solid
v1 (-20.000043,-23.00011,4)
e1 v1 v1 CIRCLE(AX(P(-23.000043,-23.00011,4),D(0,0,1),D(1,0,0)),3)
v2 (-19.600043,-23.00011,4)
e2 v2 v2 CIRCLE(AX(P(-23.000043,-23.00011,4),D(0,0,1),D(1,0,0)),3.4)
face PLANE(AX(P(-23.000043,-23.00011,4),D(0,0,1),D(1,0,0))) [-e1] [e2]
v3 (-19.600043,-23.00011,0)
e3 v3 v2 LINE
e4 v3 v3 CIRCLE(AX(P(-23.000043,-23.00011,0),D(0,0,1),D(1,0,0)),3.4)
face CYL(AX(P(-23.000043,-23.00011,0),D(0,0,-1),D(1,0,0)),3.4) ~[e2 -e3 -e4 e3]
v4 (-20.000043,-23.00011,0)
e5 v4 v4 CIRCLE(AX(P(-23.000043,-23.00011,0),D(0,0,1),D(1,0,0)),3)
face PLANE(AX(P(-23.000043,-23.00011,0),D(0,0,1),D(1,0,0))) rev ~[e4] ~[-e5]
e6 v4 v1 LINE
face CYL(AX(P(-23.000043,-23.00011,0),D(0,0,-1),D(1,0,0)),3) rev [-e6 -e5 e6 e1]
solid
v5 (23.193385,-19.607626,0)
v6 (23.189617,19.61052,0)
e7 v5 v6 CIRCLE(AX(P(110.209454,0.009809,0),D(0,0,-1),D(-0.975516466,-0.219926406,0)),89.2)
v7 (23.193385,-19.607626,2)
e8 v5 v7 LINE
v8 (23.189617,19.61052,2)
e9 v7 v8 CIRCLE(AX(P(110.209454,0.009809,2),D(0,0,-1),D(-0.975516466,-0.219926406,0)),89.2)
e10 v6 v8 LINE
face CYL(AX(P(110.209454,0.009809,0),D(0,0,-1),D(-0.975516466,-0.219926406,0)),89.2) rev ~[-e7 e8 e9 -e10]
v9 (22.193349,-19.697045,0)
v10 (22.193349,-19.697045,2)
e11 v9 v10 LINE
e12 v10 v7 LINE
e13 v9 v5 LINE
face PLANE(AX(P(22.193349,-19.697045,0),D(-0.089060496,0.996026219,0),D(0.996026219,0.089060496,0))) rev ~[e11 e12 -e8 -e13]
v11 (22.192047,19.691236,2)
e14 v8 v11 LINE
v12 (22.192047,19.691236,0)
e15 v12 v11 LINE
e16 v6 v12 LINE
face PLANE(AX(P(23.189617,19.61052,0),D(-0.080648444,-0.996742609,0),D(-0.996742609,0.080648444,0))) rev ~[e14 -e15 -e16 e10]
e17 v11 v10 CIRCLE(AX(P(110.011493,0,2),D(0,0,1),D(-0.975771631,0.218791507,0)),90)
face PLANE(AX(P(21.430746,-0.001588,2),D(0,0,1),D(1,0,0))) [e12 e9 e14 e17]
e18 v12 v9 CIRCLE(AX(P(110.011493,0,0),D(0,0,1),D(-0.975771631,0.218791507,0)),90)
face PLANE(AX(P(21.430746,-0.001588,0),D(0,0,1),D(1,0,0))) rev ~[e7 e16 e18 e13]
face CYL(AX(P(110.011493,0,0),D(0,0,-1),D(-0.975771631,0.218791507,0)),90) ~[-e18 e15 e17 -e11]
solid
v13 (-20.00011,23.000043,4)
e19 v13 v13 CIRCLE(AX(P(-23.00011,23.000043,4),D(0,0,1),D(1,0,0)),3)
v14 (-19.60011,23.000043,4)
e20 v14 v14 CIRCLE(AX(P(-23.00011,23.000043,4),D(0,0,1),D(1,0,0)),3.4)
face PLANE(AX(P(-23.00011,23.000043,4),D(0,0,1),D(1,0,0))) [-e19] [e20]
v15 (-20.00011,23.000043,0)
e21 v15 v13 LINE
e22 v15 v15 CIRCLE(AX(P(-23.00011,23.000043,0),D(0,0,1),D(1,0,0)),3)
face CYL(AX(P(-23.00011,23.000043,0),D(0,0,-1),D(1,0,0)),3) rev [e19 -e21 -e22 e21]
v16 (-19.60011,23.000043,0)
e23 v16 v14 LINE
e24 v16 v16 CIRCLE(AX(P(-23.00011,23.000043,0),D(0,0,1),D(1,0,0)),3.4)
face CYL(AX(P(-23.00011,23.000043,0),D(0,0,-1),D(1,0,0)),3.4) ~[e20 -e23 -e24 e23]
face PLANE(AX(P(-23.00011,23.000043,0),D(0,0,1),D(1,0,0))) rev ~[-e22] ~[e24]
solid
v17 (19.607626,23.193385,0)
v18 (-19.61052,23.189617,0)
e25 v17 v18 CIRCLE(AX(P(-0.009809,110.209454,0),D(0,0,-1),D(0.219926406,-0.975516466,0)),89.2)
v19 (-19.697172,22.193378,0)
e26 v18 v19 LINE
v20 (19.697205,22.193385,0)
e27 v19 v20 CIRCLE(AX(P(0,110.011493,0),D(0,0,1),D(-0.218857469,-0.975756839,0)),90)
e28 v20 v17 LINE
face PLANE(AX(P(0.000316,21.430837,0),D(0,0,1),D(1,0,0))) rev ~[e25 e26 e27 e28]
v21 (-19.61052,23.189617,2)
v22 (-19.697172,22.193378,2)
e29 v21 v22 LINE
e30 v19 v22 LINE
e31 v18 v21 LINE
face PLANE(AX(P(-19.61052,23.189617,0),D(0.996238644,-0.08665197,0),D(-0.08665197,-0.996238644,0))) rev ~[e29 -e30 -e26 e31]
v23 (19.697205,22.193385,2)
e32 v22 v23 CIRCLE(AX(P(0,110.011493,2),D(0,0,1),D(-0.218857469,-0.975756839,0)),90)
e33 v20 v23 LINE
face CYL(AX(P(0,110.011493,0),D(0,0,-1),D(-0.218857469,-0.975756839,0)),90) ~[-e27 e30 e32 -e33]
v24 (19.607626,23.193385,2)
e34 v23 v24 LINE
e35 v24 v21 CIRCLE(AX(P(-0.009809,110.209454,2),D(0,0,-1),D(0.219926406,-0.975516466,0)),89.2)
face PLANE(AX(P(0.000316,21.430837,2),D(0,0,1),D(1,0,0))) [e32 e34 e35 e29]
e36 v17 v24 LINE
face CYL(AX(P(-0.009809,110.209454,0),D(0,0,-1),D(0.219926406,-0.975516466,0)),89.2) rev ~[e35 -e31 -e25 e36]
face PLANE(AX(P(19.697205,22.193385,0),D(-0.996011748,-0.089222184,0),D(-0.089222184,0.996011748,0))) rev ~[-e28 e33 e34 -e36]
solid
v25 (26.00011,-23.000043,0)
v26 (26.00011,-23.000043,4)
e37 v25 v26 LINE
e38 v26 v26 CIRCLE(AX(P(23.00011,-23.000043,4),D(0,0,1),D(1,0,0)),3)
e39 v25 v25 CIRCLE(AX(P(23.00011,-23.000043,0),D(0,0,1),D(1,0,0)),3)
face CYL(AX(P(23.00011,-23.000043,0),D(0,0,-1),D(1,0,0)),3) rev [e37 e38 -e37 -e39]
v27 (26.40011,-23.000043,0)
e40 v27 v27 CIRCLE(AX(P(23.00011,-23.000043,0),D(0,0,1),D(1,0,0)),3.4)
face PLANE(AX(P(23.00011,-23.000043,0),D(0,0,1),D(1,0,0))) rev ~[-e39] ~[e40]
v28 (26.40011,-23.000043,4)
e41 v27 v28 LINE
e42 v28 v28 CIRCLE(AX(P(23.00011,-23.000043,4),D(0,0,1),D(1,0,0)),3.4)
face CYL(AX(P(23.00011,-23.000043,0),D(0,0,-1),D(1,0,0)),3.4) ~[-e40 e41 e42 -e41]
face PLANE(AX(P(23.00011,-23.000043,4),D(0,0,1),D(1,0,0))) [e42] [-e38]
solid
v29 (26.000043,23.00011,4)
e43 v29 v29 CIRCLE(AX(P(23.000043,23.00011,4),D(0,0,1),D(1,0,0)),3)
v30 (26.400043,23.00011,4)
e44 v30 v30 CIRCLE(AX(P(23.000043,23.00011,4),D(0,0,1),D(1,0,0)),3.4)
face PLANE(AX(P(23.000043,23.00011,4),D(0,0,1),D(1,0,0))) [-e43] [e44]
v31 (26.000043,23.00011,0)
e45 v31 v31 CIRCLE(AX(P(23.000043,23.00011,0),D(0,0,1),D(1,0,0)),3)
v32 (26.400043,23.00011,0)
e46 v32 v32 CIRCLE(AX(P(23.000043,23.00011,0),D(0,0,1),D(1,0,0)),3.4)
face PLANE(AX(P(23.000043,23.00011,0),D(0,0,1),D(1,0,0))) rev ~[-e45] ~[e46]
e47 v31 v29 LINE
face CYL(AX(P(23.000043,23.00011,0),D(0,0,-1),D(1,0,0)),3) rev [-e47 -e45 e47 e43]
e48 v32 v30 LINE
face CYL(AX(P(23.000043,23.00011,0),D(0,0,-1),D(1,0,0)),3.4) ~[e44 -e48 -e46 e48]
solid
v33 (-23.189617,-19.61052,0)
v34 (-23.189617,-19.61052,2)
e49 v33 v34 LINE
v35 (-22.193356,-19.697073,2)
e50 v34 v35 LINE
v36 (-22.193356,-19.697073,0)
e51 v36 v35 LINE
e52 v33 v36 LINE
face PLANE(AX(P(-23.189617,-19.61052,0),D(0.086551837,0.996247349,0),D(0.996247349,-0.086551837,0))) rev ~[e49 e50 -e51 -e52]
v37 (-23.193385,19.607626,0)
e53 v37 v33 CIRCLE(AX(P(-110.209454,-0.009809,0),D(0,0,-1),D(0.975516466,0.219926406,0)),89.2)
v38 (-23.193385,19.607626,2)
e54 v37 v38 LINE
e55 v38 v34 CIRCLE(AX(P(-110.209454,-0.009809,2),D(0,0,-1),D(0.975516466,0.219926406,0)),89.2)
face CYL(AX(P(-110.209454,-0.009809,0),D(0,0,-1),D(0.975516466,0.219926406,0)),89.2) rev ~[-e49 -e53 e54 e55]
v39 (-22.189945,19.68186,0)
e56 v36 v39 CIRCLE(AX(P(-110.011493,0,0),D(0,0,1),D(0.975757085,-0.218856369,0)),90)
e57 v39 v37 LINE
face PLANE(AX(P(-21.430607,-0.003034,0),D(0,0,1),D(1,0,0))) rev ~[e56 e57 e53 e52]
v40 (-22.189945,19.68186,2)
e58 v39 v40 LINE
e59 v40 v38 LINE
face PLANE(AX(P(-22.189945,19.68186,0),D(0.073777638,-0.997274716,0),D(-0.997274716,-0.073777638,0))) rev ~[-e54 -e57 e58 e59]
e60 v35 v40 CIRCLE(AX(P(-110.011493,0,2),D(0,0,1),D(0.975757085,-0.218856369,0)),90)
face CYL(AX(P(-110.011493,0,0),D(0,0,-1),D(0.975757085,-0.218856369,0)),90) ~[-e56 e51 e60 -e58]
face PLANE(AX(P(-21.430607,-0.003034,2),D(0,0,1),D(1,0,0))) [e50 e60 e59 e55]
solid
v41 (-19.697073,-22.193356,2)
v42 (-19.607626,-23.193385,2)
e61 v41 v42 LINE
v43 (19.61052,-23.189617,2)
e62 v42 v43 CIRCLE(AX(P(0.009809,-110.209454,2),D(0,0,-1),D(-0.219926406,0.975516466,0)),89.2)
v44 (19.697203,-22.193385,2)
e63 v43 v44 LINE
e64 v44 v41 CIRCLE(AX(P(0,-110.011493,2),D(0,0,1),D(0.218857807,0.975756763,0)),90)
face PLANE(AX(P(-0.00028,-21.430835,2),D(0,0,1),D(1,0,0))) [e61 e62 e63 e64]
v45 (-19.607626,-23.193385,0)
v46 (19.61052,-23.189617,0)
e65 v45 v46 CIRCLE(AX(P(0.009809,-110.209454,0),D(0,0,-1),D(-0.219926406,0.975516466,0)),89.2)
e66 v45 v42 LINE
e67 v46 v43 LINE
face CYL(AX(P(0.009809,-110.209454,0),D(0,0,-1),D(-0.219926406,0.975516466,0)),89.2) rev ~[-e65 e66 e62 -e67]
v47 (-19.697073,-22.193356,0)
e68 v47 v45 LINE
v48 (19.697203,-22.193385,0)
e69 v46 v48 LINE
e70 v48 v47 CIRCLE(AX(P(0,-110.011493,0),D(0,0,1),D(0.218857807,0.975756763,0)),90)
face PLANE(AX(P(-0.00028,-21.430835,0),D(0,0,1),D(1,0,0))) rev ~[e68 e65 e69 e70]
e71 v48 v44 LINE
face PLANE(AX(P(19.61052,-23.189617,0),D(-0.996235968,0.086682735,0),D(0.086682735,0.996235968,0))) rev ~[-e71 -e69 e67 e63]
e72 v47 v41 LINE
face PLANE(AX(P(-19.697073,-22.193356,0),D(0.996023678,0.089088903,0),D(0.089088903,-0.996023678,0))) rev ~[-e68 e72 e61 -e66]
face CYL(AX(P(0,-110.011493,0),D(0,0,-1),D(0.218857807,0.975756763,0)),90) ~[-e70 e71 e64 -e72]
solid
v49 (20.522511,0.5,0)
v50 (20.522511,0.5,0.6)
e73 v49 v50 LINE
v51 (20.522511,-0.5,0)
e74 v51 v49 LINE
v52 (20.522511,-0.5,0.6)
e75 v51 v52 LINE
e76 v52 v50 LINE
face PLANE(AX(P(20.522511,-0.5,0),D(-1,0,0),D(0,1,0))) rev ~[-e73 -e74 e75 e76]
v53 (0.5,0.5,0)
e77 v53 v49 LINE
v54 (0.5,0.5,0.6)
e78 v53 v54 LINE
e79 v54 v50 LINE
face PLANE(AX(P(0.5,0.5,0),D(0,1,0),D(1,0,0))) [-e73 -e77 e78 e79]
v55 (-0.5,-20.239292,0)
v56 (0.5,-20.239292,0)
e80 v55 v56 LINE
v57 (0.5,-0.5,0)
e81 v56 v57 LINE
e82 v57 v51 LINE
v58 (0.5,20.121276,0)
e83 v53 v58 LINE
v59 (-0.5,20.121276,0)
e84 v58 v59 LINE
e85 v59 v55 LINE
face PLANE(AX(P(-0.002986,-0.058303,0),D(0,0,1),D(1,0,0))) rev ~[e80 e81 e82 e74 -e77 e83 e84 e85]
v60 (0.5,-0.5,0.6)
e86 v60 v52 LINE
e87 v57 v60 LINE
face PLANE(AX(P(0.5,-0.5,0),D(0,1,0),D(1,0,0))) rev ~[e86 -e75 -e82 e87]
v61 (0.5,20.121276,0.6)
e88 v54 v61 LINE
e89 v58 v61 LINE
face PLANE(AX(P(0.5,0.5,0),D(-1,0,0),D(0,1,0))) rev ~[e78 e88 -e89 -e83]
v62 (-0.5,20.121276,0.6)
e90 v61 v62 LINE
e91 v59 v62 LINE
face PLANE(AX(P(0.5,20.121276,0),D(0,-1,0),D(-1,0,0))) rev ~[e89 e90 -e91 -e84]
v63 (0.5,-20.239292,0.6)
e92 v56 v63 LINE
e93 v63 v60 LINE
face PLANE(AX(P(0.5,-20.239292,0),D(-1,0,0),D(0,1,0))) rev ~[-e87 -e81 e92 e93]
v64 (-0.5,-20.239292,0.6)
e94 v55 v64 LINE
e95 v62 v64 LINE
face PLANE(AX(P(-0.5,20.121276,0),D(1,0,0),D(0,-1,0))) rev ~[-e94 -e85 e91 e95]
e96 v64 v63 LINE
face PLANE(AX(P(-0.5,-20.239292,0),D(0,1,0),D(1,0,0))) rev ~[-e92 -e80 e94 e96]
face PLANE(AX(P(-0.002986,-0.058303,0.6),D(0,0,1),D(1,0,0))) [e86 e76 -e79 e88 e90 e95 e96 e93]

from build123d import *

# Parameters (mm, degrees)
F1_R     = 3.4
F1_R_2   = 3
F2_DEPTH = 4
F3_DEPTH = 2
F4_W     = 20.0225106329
F4_H     = 1
F4_W_2   = 0.5
F5_DEPTH = 0.6


with BuildPart() as f2:
    # F1 (on Top) → F2 (new body)
    with BuildSketch(Plane.XY):
        with Locations((-23.0000428855, -23.0001099408)):
            Circle(F1_R)
        with Locations((-23.0000428855, -23.0001099408)):
            Circle(F1_R_2, mode=Mode.SUBTRACT)
    extrude(amount=F2_DEPTH)


with BuildPart() as f2b:
    # F1 (on Top) → F2, piece 2 (new body)
    with BuildSketch(Plane.XY):
        with Locations((23.0001099408, -23.0000428855)):
            Circle(F1_R)
        with Locations((23.0001099408, -23.0000428855)):
            Circle(F1_R_2, mode=Mode.SUBTRACT)
    extrude(amount=F2_DEPTH)


with BuildPart() as f2c:
    # F1 (on Top) → F2, piece 3 (new body)
    with BuildSketch(Plane.XY):
        with Locations((23.0000428855, 23.0001099408)):
            Circle(F1_R)
        with Locations((23.0000428855, 23.0001099408)):
            Circle(F1_R_2, mode=Mode.SUBTRACT)
    extrude(amount=F2_DEPTH)


with BuildPart() as f2d:
    # F1 (on Top) → F2, piece 4 (new body)
    with BuildSketch(Plane.XY):
        with Locations((-23.0001099408, 23.0000428855)):
            Circle(F1_R)
        with Locations((-23.0001099408, 23.0000428855)):
            Circle(F1_R_2, mode=Mode.SUBTRACT)
    extrude(amount=F2_DEPTH)


with BuildPart() as f3:
    # F0 (on Top) → F3 (new body)
    with BuildSketch(Plane.XY):
        with BuildLine():
            Line((-23.1896166539, -19.6105202347), (-22.1933558134, -19.6970732439))
            ThreePointArc((-22.1933558134, -19.6970732439), (-20.0114938313, -0.0077955563), (-22.1899449169, 19.6818598097))
            Line((-22.1899449169, 19.6818598097), (-23.1933854726, 19.6076260275))
            ThreePointArc((-23.1933854726, 19.6076260275), (-21.0094546656, -0.0012374114), (-23.1896166539, -19.6105202347))
        make_face()
    extrude(amount=F3_DEPTH)


with BuildPart() as f3b:
    # F0 (on Top) → F3, piece 2 (new body)
    with BuildSketch(Plane.XY):
        with BuildLine():
            ThreePointArc((22.1920466744, 19.6912356229), (20.0114935429, -0.0029768646), (22.193349492, -19.69704506))
            Line((22.193349492, -19.69704506), (23.1933854726, -19.6076260275))
            ThreePointArc((23.1933854726, -19.6076260275), (21.0094546656, 0.0012374114), (23.1896166539, 19.6105202347))
            Line((23.1896166539, 19.6105202347), (22.1920466744, 19.6912356229))
        make_face()
    extrude(amount=F3_DEPTH)


with BuildPart() as f3c:
    # F0 (on Top) → F3, piece 3 (new body)
    with BuildSketch(Plane.XY):
        with BuildLine():
            Line((19.6105202347, -23.1896166539), (19.6972026091, -22.1933848294))
            ThreePointArc((19.6972026091, -22.1933848294), (6.62897e-05, -20.0114934937), (-19.6970732439, -22.1933558134))
            Line((-19.6970732439, -22.1933558134), (-19.6076260275, -23.1933854726))
            ThreePointArc((-19.6076260275, -23.1933854726), (0.0012374114, -21.0094546656), (19.6105202347, -23.1896166539))
        make_face()
    extrude(amount=F3_DEPTH)


with BuildPart() as f3d:
    # F0 (on Top) → F3, piece 4 (new body)
    with BuildSketch(Plane.XY):
        with BuildLine():
            ThreePointArc((-19.6971722044, 22.1933780097), (1.70497e-05, 20.0114934937), (19.6972054771, 22.1933854726))
            Line((19.6972054771, 22.1933854726), (19.6076260275, 23.1933854726))
            ThreePointArc((19.6076260275, 23.1933854726), (-0.0012374114, 21.0094546656), (-19.6105202347, 23.1896166539))
            Line((-19.6105202347, 23.1896166539), (-19.6971722044, 22.1933780097))
        make_face()
    extrude(amount=F3_DEPTH)


with BuildPart() as f5:
    # F4 (on Top) → F5 (new body)
    with BuildSketch(Plane.XY):
        Polygon((0.5, 0.5), (0.5, 20.1212763786), (-0.5, 20.1212763786), (-0.5, -20.2392917126), (0.5, -20.2392917126), (0.5, -0.5), (0, -0.5), (0, 0.5), align=None)
        with Locations((10.5112553164, 0)):
            Rectangle(F4_W, F4_H)
        with Locations((0.25, 0)):
            Rectangle(F4_W_2, F4_H)
    extrude(amount=F5_DEPTH)


solid = Compound([f2.part, f2b.part, f2c.part, f2d.part, f3.part, f3b.part, f3c.part, f3d.part, f5.part])
